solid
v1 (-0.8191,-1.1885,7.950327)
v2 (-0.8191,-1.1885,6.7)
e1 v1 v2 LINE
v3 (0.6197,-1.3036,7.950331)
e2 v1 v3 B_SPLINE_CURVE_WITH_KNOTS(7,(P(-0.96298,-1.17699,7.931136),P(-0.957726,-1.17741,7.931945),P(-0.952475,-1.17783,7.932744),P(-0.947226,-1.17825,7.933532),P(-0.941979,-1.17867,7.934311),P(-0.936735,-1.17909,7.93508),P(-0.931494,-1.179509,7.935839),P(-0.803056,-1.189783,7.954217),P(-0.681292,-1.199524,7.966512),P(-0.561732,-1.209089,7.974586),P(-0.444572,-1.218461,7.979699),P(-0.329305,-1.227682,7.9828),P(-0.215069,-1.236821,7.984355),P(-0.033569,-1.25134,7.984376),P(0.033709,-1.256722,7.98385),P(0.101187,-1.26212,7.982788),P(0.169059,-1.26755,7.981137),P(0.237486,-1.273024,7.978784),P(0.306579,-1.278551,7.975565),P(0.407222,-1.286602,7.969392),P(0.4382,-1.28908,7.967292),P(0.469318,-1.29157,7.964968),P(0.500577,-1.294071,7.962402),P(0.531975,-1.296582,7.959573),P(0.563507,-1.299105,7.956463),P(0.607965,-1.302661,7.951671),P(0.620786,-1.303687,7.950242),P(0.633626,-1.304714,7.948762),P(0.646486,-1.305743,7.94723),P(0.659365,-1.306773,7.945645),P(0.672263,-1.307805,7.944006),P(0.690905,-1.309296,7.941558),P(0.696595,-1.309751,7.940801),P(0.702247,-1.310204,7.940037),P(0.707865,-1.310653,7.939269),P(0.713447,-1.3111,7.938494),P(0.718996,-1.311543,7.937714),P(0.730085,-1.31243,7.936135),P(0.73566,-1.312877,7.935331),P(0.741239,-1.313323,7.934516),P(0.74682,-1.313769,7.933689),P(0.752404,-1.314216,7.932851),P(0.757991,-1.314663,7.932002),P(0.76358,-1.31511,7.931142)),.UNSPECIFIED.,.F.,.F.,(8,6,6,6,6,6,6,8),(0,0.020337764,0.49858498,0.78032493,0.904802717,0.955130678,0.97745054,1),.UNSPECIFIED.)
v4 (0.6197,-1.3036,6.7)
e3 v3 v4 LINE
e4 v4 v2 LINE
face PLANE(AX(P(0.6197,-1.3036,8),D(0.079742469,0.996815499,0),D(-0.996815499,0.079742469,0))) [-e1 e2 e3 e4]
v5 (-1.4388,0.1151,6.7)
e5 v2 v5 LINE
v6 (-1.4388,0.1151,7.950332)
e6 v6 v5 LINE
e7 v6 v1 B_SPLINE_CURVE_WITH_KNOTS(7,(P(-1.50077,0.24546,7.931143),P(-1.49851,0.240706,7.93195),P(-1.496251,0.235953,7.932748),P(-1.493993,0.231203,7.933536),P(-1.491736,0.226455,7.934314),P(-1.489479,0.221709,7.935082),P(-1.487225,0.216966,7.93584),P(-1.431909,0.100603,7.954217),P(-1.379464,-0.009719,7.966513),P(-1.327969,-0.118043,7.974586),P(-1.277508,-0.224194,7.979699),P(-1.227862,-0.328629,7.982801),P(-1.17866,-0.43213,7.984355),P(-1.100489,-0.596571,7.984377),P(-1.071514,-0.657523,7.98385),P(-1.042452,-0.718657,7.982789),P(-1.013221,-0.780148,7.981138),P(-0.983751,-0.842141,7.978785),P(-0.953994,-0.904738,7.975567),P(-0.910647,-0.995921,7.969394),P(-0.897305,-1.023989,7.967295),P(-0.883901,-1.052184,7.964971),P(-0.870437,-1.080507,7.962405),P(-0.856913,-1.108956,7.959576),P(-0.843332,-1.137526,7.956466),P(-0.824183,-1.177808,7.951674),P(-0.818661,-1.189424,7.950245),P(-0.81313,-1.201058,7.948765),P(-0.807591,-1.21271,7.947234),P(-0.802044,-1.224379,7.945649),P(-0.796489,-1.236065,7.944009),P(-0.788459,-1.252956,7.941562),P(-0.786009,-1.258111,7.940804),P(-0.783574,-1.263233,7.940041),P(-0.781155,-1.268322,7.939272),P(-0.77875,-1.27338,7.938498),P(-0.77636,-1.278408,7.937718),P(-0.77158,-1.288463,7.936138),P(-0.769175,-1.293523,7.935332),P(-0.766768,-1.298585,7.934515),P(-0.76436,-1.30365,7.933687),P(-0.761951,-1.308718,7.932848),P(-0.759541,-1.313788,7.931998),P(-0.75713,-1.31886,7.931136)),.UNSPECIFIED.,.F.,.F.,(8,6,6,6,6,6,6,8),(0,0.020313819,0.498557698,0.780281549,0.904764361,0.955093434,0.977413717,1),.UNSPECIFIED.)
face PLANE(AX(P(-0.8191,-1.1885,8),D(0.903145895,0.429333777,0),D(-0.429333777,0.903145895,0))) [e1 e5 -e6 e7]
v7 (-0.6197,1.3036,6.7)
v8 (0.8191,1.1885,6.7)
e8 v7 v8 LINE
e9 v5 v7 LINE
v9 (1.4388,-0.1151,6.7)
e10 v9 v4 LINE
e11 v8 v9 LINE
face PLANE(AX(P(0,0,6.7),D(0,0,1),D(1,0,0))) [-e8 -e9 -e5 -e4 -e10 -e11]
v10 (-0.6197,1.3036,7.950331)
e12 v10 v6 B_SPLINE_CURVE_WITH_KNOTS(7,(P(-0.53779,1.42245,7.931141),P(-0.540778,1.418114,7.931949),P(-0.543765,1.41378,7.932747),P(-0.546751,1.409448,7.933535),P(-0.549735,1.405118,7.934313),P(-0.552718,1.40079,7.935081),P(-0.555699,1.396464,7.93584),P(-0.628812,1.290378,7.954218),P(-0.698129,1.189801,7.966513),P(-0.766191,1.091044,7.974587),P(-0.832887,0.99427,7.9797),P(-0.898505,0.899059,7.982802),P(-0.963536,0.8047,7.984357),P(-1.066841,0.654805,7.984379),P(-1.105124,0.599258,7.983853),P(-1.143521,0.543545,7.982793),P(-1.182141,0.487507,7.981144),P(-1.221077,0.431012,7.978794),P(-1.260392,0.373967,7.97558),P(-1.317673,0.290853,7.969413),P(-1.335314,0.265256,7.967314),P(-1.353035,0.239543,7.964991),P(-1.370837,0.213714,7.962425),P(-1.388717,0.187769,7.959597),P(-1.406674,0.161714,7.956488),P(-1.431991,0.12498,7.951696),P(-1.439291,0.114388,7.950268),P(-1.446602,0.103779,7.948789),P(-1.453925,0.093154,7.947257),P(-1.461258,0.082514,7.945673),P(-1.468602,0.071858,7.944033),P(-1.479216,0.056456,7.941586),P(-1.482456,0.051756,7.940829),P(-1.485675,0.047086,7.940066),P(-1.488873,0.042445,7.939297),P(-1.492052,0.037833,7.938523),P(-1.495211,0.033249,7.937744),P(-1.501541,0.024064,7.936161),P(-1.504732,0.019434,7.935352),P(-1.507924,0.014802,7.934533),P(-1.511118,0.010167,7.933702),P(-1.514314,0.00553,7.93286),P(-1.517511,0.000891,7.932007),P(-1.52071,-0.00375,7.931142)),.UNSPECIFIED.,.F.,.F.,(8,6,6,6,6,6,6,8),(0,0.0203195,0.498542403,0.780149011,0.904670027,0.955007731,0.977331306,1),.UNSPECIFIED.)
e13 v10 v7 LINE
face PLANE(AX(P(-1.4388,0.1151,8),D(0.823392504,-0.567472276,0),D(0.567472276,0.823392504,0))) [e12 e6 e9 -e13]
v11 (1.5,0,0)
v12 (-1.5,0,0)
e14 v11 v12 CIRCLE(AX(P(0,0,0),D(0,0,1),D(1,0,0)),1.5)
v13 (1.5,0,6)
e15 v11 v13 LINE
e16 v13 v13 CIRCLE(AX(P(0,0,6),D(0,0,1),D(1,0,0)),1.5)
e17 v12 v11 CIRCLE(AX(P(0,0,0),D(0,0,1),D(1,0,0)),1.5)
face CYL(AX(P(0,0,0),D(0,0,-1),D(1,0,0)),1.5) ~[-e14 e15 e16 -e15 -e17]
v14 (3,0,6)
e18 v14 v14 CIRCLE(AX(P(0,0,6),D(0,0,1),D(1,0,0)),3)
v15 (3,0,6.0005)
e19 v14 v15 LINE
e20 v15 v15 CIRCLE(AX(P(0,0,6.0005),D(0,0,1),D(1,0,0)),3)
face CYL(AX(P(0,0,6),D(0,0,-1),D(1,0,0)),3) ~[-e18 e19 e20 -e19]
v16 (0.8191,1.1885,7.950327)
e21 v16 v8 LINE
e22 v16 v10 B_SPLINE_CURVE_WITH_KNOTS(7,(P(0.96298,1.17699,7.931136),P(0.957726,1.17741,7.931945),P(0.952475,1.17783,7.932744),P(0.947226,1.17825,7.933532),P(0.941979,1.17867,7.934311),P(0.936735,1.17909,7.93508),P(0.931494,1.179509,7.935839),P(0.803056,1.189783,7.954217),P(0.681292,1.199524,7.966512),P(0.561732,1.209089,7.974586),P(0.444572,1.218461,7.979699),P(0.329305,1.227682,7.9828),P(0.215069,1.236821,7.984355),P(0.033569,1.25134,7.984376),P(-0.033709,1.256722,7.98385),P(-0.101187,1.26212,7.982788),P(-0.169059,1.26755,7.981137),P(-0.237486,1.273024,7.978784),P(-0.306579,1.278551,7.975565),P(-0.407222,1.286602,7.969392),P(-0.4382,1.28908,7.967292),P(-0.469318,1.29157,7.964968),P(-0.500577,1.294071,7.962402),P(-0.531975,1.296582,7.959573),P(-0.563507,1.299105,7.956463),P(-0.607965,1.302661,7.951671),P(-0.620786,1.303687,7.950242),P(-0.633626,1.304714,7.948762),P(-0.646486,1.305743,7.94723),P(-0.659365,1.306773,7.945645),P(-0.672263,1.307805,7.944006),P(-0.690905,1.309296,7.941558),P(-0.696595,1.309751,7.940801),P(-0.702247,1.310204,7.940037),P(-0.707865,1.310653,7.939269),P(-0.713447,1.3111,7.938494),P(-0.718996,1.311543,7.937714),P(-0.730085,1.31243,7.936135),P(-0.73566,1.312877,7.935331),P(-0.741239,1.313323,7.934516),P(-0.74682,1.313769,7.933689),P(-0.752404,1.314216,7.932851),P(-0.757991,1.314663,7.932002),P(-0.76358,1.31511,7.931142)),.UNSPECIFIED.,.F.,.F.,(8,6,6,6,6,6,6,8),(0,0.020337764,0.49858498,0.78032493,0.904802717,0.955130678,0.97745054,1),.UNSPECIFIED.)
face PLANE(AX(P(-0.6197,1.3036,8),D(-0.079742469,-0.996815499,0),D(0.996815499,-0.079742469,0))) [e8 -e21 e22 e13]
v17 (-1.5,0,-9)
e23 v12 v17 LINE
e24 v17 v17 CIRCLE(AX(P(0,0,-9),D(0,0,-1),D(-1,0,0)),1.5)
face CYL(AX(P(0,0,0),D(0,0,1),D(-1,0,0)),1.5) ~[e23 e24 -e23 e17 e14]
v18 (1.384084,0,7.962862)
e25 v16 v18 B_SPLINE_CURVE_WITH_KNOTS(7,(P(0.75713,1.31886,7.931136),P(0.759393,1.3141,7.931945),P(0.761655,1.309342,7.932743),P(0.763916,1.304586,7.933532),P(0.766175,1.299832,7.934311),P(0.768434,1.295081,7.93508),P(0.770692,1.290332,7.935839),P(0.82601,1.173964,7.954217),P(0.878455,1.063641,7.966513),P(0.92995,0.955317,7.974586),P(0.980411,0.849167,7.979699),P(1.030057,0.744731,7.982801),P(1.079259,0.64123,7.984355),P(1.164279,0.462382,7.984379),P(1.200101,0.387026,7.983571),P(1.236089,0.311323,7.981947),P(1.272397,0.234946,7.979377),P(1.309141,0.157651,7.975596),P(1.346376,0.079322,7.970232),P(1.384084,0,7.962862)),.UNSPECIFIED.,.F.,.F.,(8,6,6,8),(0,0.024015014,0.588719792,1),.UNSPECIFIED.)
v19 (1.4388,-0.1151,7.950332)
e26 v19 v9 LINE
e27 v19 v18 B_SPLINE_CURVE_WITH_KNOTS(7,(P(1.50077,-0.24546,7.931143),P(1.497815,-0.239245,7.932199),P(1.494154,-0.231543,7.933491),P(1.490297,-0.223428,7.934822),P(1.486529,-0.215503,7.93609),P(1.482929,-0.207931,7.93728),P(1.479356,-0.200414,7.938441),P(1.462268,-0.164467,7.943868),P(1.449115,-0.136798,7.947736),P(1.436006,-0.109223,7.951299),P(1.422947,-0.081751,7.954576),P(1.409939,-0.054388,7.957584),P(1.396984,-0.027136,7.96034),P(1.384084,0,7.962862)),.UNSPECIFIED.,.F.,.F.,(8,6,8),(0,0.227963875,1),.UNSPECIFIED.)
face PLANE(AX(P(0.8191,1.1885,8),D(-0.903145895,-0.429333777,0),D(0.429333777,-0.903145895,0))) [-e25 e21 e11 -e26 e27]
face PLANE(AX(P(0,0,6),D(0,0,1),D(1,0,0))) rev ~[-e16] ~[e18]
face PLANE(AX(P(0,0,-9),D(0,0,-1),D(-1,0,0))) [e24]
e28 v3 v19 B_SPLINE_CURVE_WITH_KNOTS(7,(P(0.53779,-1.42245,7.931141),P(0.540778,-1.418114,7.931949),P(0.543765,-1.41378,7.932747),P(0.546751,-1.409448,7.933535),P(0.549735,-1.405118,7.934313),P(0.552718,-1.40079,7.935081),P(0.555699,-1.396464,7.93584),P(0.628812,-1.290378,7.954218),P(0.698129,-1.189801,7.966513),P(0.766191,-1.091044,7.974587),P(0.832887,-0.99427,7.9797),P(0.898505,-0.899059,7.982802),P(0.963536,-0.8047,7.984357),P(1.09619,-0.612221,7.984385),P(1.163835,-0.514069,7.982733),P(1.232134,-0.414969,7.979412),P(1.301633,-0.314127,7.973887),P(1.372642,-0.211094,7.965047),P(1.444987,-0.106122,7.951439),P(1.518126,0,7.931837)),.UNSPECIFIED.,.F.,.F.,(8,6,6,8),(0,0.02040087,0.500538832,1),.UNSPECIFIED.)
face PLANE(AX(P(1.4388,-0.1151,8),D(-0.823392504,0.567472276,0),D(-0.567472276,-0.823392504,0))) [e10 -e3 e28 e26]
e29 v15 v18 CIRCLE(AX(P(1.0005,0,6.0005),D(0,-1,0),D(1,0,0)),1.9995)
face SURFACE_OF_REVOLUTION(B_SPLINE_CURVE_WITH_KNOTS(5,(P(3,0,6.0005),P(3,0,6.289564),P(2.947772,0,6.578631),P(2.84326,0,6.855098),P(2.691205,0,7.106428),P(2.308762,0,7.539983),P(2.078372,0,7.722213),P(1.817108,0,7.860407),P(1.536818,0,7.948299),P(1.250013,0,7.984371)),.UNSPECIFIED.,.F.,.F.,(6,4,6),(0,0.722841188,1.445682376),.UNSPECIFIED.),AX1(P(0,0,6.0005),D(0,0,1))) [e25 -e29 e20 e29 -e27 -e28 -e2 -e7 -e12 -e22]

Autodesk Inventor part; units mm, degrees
ref_plane "YZ Plane" through (0, 0, 0) normal (1, 0, 0) x (0, 1, 0)
ref_plane "XZ Plane" through (0, 0, 0) normal (0, 1, 0) x (-1, 0, 0)
ref_plane "XY Plane" through (0, 0, 0) normal (0, 0, 1) x (1, 0, 0)
sketch "スケッチ1" plane through (0, 0, 0) normal (0, 0, 1) x (1, 0, 0)
  circle A0 centre (0, 0) radius 1.5
  dimension "d0" = 3
extrude "押し出し1" add sketch "スケッチ1" along normal blind 6
sketch "スケッチ2" plane through (0, 0, 6) normal (0, 0, 1) x (1, 0, 0)
  circle A0 centre (0, 0) radius 1.5 projected
  circle A1 centre (0, 0) radius 3
  dimension "d3" = 6
extrude "押し出し2" add sketch "スケッチ2" along normal blind 2 contours A0 | A1
fillet "フィレット1" radius 2 1 edges at (-3, 0, 8)
thread "ねじ1" size "M3x0.5" class "6g" standard "ANSI Metric M Profile" full length
sketch "スケッチ3" plane through (0, 0, 0) normal (0, 0, -1) x (-1, 0, 0)
  circle A0 centre (0, 0) radius 1.5 projected
extrude "押し出し3" add sketch "スケッチ3" along normal blind 9
sketch "スケッチ4" plane through (0, 0, 8) normal (0, 0, 1) x (1, 0, 0)
  line L0 (0.8191, 1.1885) -> (1.4388, -0.1151)
  line L1 (1.4388, -0.1151) -> (0.6197, -1.3036)
  line L2 (0.6197, -1.3036) -> (-0.8191, -1.1885)
  line L3 (-0.8191, -1.1885) -> (-1.4388, 0.1151)
  line L4 (-1.4388, 0.1151) -> (-0.6197, 1.3036)
  line L5 (-0.6197, 1.3036) -> (0.8191, 1.1885)
  point P0 (0, 0)
  point P1 (0, 0)
  dimension "d11" = 2.5
extrude "押し出し4" cut sketch "スケッチ4" against normal blind 1.3
properties part number "SB　15mmなべネジ" material "Steel, Mild"
